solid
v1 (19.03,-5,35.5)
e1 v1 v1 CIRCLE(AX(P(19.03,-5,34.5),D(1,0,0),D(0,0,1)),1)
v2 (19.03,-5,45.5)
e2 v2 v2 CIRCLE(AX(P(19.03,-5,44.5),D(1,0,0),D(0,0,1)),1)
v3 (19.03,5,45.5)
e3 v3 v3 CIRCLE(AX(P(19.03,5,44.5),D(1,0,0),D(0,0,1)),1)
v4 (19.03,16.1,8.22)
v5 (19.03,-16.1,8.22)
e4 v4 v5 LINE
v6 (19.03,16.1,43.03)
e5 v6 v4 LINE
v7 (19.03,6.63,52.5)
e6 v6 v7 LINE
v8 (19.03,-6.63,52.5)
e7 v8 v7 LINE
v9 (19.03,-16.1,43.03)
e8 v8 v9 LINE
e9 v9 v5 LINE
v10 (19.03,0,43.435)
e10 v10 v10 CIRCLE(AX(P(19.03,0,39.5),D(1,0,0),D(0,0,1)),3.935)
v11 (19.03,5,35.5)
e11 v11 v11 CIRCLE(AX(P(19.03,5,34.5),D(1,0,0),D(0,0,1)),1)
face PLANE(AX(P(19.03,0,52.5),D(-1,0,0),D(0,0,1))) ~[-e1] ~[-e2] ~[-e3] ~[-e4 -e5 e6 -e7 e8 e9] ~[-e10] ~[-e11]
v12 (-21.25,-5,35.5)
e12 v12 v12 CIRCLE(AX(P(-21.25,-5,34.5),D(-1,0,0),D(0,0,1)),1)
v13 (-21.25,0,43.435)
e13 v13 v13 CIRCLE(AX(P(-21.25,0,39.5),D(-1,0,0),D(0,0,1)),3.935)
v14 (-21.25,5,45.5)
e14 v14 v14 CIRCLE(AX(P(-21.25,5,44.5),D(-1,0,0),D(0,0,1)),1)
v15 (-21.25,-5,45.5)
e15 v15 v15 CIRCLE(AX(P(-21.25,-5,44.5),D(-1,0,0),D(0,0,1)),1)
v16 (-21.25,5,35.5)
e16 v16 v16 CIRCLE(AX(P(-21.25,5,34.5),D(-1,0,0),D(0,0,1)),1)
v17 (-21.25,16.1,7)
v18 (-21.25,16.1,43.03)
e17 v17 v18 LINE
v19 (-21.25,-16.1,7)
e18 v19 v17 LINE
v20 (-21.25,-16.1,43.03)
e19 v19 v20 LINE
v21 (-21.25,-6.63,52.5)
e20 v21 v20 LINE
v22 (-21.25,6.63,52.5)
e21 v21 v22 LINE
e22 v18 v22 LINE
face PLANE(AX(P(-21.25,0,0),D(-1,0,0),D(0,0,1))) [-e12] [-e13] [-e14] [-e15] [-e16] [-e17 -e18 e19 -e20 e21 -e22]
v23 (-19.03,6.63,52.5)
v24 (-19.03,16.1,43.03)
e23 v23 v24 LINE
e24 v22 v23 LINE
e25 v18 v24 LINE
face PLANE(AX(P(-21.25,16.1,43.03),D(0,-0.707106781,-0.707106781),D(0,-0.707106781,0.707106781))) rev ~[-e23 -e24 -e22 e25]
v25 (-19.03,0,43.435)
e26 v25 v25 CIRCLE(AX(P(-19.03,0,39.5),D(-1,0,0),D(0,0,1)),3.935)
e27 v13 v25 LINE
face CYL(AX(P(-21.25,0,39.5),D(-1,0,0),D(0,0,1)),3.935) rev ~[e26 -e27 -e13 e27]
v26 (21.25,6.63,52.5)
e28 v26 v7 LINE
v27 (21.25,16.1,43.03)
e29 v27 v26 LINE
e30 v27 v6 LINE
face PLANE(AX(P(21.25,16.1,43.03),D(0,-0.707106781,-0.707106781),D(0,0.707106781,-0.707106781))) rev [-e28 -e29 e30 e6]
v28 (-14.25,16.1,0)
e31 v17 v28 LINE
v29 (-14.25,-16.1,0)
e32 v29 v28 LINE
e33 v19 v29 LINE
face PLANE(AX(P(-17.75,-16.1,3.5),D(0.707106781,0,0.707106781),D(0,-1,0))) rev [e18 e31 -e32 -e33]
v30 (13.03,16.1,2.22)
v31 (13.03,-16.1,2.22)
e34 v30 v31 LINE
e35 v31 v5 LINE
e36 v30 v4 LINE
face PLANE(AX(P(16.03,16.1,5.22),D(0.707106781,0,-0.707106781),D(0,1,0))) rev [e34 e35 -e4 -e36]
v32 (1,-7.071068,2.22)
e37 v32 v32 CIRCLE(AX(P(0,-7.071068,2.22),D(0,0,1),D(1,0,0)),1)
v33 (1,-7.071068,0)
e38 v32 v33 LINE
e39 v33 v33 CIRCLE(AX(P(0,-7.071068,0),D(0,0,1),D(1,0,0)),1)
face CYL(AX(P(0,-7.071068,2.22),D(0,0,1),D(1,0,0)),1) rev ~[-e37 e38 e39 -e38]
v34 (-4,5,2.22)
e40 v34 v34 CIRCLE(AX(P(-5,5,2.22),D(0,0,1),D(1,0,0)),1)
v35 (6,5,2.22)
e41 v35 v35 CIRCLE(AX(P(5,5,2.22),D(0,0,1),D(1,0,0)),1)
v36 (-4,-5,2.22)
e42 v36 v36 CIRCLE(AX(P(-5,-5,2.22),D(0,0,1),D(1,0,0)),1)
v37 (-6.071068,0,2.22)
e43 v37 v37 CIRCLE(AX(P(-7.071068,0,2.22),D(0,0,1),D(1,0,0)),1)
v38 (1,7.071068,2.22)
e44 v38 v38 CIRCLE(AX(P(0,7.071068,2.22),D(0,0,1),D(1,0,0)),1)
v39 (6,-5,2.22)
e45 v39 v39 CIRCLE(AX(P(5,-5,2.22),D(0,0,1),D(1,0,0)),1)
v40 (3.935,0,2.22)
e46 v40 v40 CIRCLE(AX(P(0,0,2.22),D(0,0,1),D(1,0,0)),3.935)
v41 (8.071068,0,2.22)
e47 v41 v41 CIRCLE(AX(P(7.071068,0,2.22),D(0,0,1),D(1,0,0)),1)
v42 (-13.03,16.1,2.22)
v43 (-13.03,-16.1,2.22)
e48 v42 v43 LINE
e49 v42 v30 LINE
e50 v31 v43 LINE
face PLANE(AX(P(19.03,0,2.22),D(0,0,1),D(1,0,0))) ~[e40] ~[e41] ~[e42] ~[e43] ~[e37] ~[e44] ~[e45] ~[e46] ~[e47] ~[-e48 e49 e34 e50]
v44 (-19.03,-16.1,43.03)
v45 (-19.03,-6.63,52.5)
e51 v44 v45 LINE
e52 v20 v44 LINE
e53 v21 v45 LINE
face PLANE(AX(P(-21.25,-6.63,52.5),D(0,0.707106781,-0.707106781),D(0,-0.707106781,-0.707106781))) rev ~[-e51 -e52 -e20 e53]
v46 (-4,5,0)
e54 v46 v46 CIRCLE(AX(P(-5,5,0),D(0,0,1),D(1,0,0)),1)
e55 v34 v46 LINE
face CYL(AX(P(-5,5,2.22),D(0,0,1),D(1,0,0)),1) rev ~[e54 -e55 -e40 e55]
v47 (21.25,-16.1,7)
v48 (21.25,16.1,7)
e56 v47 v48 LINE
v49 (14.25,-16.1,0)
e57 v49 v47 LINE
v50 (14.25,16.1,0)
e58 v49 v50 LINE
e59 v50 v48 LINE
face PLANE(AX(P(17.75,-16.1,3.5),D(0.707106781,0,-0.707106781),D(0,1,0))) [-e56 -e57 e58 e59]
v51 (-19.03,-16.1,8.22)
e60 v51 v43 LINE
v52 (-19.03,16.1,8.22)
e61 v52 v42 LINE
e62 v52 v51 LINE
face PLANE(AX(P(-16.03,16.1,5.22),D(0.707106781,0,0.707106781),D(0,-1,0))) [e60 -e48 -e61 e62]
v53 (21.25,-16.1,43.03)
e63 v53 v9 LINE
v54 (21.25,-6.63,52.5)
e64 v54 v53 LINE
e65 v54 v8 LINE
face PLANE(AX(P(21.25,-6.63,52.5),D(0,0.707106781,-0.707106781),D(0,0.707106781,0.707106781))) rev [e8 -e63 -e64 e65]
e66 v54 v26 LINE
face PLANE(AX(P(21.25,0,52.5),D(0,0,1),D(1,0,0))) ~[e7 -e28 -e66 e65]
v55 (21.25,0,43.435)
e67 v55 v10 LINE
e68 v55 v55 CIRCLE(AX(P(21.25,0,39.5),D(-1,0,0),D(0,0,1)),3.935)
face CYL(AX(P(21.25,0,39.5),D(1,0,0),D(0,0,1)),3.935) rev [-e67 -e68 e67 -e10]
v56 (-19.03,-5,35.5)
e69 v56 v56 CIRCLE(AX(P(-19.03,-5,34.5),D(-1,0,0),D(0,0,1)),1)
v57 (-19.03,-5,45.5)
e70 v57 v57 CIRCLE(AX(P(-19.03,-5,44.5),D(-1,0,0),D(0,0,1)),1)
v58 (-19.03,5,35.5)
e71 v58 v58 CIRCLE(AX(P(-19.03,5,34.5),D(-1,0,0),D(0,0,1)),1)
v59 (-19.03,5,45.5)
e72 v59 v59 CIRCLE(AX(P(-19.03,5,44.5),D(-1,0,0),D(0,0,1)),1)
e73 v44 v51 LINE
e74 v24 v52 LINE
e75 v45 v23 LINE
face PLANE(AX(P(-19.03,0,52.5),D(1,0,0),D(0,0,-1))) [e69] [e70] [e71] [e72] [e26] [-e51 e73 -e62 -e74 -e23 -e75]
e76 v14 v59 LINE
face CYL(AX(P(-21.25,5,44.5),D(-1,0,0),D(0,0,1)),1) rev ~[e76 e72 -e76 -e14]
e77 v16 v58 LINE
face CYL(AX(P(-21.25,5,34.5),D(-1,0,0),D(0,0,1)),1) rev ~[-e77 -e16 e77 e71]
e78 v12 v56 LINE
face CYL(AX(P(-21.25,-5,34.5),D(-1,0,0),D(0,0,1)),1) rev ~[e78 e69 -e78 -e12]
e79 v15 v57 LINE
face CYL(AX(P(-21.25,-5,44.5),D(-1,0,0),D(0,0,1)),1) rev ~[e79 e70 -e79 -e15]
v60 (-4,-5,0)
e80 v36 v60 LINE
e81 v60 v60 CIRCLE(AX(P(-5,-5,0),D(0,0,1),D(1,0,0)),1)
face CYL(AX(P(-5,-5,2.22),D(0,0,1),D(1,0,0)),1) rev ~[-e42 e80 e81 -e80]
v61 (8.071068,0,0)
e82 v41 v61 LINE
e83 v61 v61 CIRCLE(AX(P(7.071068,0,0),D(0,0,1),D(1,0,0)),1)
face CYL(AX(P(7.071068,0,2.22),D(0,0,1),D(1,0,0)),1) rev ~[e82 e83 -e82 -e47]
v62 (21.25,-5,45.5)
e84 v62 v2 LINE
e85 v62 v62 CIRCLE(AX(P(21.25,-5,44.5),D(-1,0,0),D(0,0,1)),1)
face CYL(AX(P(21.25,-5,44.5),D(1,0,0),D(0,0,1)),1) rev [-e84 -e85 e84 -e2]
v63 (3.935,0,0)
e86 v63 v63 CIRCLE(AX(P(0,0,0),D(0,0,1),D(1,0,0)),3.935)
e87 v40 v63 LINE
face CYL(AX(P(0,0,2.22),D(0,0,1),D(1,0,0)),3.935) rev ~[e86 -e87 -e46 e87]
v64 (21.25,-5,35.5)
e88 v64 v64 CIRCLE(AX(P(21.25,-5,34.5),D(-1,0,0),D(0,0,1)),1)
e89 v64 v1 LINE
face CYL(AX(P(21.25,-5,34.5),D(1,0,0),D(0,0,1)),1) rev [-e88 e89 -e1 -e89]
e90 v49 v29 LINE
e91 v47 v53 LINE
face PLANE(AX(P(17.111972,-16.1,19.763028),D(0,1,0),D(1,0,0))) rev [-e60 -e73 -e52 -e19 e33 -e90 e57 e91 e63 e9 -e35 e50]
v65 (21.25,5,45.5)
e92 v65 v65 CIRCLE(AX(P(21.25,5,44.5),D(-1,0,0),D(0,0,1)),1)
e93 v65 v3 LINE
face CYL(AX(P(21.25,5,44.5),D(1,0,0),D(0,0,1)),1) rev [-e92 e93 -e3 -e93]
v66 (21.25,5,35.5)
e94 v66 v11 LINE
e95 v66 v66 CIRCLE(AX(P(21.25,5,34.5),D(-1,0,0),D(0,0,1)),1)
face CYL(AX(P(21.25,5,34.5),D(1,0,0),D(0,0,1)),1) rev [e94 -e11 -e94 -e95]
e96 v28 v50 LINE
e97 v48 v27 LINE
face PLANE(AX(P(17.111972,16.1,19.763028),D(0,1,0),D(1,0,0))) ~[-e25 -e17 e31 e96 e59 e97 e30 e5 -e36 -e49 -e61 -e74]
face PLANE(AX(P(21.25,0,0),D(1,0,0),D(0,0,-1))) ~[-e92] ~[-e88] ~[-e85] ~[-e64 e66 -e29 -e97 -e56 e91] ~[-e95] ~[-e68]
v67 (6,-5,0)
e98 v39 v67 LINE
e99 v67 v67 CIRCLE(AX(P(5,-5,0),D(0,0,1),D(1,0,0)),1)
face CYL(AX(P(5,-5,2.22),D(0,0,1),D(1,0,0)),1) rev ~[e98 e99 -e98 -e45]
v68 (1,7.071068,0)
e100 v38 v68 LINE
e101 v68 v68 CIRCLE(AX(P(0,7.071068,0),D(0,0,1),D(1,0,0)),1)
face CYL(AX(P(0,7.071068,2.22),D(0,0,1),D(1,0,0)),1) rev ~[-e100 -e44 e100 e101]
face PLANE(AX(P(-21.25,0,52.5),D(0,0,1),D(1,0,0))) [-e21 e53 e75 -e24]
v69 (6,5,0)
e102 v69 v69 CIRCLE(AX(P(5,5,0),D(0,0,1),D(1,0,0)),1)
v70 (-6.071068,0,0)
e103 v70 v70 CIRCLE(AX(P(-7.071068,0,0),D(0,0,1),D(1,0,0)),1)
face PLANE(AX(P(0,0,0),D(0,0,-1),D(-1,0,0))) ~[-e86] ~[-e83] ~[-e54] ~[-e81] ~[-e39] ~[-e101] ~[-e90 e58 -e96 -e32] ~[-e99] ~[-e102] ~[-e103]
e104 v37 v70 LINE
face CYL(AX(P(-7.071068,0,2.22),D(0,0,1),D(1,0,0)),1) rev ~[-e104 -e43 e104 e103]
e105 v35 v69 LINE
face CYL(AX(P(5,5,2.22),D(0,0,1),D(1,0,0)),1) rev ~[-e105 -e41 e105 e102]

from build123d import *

# Parameters (mm, degrees)
BOSS_EXTRUDE1_DEPTH = 16.1
CUT_EXTRUDE1_DEPTH  = 32.2
SKETCH3_R           = 3.935
SKETCH3_R_2         = 1
CUT_EXTRUDE2_DEPTH  = 32.2
SKETCH4_R           = 3.935
SKETCH4_R_2         = 1
CUT_EXTRUDE3_DEPTH  = 32.2
CHAMFER1_SIZE       = 6
CHAMFER2_SIZE       = 7


with BuildPart() as part:
    # Sketch1 → Boss-Extrude1 (new, symmetric)
    with BuildSketch(Plane(origin=(0, 0, 0), x_dir=(1, 0, 0), z_dir=(0, 1, 0))):
        Polygon((0, 0), (-21.25, 0), (-21.25, -52.5), (-19.03, -52.5), (-19.03, -2.22), (0, -2.22), align=None)
    boss_extrude1 = extrude(amount=BOSS_EXTRUDE1_DEPTH, both=True)

    # Sketch2 → Cut-Extrude1 (cut)
    with BuildSketch(Plane.ZY.offset(21.25)):
        Polygon((43.03, 16.1), (52.5, 6.63), (52.5, 16.1), align=None)
        Polygon((52.5, -6.63), (43.03, -16.1), (52.5, -16.1), align=None)
    cut_extrude1 = extrude(amount=-CUT_EXTRUDE1_DEPTH, mode=Mode.SUBTRACT)

    # Sketch3 → Cut-Extrude2 (cut)
    with BuildSketch(Plane.ZY.offset(21.25)):
        with Locations((39.5, 0)):
            Circle(SKETCH3_R)
        with Locations((34.5, 5)):
            Circle(SKETCH3_R_2)
        with Locations((44.5, 5)):
            Circle(SKETCH3_R_2)
        with Locations((44.5, -5)):
            Circle(SKETCH3_R_2)
        with Locations((34.5, -5)):
            Circle(SKETCH3_R_2)
    cut_extrude2 = extrude(amount=-CUT_EXTRUDE2_DEPTH, mode=Mode.SUBTRACT)

    # Mirror1: Boss-Extrude1, Cut-Extrude1, Cut-Extrude2 across plane
    add(boss_extrude1.mirror(Plane(origin=(0, 16.1, 2.22), x_dir=(0, 0, 1), z_dir=(-1, 0, 0))))
    add(cut_extrude1.mirror(Plane(origin=(0, 16.1, 2.22), x_dir=(0, 0, 1), z_dir=(-1, 0, 0))), mode=Mode.SUBTRACT)
    add(cut_extrude2.mirror(Plane(origin=(0, 16.1, 2.22), x_dir=(0, 0, 1), z_dir=(-1, 0, 0))), mode=Mode.SUBTRACT)

    # Sketch4 → Cut-Extrude3 (cut)
    with BuildSketch(Plane.XY.offset(2.22)):
        Circle(SKETCH4_R)
        with Locations((-5, 5)):
            Circle(SKETCH4_R_2)
        with Locations((5, 5)):
            Circle(SKETCH4_R_2)
        with Locations((5, -5)):
            Circle(SKETCH4_R_2)
        with Locations((-5, -5)):
            Circle(SKETCH4_R_2)
        with Locations((-7.071067812, 0)):
            Circle(SKETCH4_R_2)
        with Locations((0, 7.071067812)):
            Circle(SKETCH4_R_2)
        with Locations((7.071067812, 0)):
            Circle(SKETCH4_R_2)
        with Locations((0, -7.071067812)):
            Circle(SKETCH4_R_2)
    extrude(amount=-CUT_EXTRUDE3_DEPTH, mode=Mode.SUBTRACT)

    # Chamfer1
    chamfer1_edges = [part.edges().sort_by_distance(p)[0] for p in [
        (-19.03, 0, 2.22),
        (19.03, 0, 2.22),
    ]]
    chamfer(chamfer1_edges, length=CHAMFER1_SIZE)

    # Chamfer2
    chamfer2_edges = [part.edges().sort_by_distance(p)[0] for p in [
        (-21.25, 0, 0),
        (21.25, 0, 0),
    ]]
    chamfer(chamfer2_edges, length=CHAMFER2_SIZE)


solid = part.part
